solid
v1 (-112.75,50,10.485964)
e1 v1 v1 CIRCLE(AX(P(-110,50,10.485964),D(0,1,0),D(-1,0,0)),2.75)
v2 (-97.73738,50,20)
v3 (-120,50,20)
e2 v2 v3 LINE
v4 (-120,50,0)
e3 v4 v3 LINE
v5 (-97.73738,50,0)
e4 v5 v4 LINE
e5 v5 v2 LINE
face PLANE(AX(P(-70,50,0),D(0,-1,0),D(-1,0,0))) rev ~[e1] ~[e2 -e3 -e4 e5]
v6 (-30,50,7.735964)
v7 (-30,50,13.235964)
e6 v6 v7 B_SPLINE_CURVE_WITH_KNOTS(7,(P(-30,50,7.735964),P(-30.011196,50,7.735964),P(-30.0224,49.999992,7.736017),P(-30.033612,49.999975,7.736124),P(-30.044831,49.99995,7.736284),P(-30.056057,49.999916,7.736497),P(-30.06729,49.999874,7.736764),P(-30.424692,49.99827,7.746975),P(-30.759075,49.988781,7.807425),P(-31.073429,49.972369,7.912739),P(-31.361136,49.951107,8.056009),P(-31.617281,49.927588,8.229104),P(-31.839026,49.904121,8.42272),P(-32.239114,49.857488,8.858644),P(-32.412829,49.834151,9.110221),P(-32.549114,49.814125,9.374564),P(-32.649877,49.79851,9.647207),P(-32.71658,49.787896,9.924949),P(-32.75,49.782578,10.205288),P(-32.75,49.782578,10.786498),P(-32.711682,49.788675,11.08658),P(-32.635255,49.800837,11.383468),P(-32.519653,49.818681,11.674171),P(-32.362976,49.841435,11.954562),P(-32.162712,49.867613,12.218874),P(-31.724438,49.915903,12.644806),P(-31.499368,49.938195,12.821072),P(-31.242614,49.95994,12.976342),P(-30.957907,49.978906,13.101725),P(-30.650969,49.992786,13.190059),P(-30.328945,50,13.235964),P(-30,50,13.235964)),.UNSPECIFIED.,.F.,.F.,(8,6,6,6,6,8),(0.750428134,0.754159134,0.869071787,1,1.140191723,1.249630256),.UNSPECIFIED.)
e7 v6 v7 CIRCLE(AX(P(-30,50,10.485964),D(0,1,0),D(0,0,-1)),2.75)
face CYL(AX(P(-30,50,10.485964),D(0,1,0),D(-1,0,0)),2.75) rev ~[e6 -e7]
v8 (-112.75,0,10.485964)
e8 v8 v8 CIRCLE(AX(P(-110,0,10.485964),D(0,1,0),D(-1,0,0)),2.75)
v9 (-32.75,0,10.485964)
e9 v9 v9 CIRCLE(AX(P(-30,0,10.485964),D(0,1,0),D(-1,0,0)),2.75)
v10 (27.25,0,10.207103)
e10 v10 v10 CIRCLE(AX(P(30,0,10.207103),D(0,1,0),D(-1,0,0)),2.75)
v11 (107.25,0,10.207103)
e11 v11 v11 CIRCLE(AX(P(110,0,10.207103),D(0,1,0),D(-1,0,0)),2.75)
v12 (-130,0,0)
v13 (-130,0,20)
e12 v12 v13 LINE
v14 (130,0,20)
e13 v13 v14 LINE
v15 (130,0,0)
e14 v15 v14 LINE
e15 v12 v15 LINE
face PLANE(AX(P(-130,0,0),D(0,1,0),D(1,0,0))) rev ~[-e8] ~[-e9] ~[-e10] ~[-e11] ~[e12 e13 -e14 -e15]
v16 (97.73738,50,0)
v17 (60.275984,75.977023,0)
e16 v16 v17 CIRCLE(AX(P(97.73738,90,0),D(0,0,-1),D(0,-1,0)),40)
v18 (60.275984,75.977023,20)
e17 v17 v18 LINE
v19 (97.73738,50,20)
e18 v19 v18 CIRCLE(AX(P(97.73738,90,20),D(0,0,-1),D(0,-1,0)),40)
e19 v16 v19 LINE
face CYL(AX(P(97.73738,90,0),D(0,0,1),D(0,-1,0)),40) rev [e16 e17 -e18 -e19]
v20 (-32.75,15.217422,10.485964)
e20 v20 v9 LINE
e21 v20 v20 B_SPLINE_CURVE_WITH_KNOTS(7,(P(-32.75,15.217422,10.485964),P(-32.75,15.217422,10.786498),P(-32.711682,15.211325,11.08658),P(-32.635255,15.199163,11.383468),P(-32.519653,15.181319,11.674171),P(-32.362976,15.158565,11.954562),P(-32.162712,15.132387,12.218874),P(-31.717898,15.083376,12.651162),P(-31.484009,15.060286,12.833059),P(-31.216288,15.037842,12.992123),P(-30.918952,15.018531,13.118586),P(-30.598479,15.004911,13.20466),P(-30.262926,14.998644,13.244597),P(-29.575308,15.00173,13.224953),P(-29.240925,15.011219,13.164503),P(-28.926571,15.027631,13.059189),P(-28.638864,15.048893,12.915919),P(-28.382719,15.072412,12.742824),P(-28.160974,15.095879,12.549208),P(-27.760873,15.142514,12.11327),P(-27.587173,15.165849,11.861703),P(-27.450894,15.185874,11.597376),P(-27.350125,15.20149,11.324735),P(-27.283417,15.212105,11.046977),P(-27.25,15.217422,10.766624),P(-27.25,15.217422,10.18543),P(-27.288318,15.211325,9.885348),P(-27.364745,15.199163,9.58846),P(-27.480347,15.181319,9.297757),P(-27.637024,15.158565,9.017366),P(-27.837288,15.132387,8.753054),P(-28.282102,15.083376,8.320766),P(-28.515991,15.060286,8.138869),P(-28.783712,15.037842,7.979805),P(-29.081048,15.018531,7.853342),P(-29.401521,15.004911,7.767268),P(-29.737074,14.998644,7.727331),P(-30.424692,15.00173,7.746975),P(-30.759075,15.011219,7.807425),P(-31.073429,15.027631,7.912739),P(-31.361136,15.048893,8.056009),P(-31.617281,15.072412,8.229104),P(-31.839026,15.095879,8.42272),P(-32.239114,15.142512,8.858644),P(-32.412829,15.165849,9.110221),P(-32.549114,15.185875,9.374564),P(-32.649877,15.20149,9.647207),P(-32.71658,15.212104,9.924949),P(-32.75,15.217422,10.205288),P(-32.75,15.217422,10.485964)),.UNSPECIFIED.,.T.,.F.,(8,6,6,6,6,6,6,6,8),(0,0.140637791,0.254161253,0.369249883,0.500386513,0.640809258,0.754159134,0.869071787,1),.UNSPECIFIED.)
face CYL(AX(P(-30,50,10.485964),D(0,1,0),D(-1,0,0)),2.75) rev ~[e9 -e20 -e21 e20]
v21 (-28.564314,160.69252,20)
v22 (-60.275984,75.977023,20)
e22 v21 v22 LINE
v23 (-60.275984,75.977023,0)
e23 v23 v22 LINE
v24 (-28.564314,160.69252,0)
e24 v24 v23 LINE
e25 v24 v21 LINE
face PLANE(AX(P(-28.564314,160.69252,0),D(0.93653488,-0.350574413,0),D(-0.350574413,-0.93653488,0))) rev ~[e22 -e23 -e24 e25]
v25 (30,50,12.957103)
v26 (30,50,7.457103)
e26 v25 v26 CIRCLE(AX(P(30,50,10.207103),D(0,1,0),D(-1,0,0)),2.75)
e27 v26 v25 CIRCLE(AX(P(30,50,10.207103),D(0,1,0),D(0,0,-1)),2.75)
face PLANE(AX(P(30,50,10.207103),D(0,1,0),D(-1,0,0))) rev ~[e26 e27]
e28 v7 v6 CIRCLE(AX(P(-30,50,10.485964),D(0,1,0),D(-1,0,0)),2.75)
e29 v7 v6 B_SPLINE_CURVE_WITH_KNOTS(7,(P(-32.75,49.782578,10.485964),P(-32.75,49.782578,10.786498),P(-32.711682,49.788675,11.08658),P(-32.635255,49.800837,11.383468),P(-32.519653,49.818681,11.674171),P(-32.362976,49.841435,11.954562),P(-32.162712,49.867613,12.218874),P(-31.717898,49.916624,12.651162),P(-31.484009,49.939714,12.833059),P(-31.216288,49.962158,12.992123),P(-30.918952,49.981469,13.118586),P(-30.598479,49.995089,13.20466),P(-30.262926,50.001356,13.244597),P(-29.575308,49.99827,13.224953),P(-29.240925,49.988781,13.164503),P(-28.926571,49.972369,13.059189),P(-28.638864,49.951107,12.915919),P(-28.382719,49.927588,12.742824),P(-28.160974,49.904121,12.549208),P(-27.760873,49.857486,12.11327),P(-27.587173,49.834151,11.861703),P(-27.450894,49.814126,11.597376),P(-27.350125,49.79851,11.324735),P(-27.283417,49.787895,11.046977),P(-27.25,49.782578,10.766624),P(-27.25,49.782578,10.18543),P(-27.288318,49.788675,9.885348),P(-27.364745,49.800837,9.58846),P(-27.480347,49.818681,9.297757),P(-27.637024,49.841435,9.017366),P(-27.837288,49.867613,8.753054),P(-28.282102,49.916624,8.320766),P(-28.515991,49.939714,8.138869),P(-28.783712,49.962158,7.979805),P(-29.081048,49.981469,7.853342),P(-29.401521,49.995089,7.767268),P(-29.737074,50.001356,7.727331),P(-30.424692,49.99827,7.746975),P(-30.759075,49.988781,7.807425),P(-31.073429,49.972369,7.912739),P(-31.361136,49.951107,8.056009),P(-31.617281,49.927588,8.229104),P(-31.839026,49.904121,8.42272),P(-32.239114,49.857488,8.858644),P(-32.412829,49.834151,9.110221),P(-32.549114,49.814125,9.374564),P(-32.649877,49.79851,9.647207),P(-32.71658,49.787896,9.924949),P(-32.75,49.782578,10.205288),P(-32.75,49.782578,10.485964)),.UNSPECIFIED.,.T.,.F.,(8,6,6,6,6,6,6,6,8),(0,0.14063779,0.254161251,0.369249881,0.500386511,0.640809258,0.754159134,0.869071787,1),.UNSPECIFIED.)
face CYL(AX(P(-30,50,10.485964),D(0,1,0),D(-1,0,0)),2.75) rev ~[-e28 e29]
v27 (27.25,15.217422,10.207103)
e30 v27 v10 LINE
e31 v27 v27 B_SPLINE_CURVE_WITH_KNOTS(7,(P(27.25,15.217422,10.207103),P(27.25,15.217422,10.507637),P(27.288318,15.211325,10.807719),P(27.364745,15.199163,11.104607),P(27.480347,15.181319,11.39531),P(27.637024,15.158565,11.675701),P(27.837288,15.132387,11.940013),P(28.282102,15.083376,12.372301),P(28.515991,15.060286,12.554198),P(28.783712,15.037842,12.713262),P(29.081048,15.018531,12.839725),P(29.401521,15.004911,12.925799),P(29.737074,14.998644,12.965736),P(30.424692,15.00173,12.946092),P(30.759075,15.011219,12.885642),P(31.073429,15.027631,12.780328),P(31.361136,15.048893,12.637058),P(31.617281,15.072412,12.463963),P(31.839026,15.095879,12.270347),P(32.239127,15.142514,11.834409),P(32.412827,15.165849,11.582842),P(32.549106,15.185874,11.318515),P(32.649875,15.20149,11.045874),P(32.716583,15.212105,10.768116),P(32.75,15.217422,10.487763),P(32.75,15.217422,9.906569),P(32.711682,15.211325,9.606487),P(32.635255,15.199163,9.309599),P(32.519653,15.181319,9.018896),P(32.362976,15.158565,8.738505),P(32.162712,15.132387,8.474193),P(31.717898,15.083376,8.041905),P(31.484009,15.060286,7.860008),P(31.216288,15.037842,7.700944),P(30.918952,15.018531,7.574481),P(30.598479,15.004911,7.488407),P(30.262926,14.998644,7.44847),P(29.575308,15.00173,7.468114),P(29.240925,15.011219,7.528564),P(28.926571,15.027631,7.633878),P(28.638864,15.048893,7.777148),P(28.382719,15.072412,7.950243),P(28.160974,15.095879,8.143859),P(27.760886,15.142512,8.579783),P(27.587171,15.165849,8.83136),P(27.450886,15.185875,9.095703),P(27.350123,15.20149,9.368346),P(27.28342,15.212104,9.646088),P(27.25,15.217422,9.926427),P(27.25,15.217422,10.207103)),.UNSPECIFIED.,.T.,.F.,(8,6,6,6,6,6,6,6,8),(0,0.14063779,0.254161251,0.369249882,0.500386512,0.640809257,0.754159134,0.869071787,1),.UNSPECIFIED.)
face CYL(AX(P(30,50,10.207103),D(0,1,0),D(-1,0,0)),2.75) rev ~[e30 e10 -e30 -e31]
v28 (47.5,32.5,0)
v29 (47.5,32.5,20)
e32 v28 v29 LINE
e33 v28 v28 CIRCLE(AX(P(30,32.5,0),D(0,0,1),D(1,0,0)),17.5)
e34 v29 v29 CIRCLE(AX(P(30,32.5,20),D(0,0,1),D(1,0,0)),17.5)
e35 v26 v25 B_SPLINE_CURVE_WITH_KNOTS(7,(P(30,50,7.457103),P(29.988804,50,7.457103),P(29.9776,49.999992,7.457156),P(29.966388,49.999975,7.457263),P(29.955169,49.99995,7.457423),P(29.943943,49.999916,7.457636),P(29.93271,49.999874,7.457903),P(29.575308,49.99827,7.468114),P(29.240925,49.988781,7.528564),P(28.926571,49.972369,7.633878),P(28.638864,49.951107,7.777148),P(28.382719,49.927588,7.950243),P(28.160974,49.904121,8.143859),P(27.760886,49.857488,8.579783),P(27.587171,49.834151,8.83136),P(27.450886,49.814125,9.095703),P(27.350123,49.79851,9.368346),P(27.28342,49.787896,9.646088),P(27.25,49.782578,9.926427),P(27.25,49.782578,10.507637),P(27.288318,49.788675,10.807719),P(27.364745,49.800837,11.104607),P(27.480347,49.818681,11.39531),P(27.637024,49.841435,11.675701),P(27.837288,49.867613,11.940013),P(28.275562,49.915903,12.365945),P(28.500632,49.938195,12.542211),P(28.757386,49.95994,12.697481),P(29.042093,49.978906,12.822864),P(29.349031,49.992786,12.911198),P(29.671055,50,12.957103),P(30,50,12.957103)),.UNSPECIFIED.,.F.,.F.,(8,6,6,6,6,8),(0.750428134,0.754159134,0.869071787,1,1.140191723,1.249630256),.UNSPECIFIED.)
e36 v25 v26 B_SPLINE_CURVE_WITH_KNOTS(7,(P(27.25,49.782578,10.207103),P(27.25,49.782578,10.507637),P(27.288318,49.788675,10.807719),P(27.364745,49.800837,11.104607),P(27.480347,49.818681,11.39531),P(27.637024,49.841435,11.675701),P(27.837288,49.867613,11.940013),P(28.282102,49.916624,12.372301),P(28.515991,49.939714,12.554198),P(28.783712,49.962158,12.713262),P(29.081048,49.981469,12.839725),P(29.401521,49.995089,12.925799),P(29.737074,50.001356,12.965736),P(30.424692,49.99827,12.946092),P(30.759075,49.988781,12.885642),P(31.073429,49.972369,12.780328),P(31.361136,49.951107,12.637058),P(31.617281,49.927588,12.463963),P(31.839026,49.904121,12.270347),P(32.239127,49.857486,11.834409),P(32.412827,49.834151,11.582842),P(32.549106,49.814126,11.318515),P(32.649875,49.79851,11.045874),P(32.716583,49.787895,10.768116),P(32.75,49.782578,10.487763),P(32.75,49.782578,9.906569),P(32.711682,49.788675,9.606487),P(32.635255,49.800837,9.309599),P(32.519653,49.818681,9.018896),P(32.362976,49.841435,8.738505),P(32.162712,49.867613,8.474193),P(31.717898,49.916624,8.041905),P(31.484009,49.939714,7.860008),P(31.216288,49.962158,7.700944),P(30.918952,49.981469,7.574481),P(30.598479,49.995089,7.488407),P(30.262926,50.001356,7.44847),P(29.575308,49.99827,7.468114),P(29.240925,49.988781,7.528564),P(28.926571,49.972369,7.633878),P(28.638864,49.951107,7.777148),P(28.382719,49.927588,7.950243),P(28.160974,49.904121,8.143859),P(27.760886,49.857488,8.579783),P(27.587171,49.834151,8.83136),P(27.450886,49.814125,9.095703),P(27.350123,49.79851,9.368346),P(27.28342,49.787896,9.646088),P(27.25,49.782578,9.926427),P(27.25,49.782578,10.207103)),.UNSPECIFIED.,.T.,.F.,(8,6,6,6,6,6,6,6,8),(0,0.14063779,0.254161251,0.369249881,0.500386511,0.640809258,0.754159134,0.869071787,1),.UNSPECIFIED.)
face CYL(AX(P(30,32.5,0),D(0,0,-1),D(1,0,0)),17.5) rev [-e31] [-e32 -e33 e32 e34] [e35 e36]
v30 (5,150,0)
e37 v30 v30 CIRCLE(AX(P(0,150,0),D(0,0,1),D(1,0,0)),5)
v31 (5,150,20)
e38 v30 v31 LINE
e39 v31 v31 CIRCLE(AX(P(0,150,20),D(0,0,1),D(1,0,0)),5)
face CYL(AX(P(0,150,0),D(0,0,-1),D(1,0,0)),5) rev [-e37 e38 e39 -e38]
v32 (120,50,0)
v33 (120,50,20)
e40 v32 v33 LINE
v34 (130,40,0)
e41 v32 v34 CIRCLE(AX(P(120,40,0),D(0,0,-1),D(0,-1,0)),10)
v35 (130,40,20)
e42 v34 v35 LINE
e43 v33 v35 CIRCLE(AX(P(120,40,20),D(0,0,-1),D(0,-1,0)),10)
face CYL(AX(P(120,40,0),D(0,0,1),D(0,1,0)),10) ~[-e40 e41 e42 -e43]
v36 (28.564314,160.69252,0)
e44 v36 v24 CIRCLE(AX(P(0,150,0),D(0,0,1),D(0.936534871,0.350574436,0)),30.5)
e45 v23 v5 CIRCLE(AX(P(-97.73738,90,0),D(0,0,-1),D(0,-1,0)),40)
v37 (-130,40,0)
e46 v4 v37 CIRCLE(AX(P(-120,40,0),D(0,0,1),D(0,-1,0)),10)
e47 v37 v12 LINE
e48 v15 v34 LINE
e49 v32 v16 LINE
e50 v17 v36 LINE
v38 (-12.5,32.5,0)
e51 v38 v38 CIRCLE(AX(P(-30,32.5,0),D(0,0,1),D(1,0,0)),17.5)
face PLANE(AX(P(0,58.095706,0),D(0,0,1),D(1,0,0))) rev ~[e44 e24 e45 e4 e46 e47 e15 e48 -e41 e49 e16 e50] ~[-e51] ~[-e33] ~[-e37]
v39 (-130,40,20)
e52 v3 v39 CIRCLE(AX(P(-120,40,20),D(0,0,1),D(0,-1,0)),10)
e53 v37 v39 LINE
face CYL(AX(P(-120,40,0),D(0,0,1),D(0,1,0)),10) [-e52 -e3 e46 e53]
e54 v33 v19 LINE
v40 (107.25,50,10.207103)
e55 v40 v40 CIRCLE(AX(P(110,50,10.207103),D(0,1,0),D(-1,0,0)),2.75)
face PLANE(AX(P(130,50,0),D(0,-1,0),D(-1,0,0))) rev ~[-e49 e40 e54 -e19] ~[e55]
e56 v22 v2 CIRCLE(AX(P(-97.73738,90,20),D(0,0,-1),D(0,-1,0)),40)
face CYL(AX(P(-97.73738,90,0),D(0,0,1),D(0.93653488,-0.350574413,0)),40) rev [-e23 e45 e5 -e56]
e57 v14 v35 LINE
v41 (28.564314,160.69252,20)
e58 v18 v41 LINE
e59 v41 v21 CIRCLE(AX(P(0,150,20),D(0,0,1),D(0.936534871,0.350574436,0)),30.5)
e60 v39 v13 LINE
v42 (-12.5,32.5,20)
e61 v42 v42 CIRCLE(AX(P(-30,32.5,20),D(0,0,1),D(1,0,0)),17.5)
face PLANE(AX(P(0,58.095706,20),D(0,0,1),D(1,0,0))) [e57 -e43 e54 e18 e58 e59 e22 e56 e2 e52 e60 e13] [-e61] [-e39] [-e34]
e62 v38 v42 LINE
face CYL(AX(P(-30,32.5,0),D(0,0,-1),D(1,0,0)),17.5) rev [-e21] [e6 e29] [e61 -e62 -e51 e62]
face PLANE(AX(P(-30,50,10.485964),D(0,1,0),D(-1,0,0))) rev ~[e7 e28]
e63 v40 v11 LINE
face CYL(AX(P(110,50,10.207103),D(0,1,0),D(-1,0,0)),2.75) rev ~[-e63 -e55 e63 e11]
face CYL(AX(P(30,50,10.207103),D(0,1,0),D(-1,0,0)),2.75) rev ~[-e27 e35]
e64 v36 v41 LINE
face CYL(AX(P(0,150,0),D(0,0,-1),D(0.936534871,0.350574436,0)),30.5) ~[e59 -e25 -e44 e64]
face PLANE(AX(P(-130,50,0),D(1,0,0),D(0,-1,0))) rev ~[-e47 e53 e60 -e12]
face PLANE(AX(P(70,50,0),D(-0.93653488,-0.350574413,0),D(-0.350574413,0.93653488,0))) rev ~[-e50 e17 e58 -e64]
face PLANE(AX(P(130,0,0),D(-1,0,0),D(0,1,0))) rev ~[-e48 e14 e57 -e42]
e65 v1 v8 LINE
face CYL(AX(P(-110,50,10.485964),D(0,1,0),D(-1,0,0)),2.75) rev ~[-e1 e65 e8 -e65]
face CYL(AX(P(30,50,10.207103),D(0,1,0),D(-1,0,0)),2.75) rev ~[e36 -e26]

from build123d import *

# Parameters (mm, degrees)
F0_R     = 17.5
F0_R_2   = 5
F1_DEPTH = 20
F2_R     = 2.75
F3_DEPTH = 50.001
F4_R     = 40
F5_R     = 10


with BuildPart() as f1:
    # F0 (on Top) → F1 (new body)
    with BuildSketch(Plane.XY):
        with BuildLine():
            Line((-130, 0), (130, 0))
            Line((130, 0), (130, 50))
            Line((130, 50), (70, 50))
            Line((70, 50), (28.564314, 160.69252))
            ThreePointArc((28.564314, 160.69252), (0, 180.5), (-28.564314, 160.69252))
            Line((-28.564314, 160.69252), (-70, 50))
            Line((-70, 50), (-130, 50))
            Line((-130, 50), (-130, 0))
        make_face()
        with Locations((-30, 32.5)):
            Circle(F0_R, mode=Mode.SUBTRACT)
        with Locations((30, 32.5)):
            Circle(F0_R, mode=Mode.SUBTRACT)
        with Locations((0, 150)):
            Circle(F0_R_2, mode=Mode.SUBTRACT)
    extrude(amount=F1_DEPTH)

    # F2 (on face) → F3 (cut, through all)
    with BuildSketch(Plane(origin=(0, 50, 0), x_dir=(-1, 0, 0), z_dir=(0, 1, 0))):
        with Locations((-110, 10.207103)):
            Circle(F2_R)
        with Locations((110, 10.485964)):
            Circle(F2_R)
        with Locations((-30, 10.207103)):
            Circle(F2_R)
        with Locations((30, 10.485964)):
            Circle(F2_R)
    extrude(amount=-F3_DEPTH, mode=Mode.SUBTRACT)

    # F4
    f4_edges = [f1.edges().sort_by_distance(p)[0] for p in [
        (70, 50, 10),
        (-70, 50, 10),
    ]]
    fillet(f4_edges, radius=F4_R)

    # F5
    f5_edges = [f1.edges().sort_by_distance(p)[0] for p in [
        (130, 50, 10),
        (-130, 50, 10),
    ]]
    fillet(f5_edges, radius=F5_R)


solid = f1.part
